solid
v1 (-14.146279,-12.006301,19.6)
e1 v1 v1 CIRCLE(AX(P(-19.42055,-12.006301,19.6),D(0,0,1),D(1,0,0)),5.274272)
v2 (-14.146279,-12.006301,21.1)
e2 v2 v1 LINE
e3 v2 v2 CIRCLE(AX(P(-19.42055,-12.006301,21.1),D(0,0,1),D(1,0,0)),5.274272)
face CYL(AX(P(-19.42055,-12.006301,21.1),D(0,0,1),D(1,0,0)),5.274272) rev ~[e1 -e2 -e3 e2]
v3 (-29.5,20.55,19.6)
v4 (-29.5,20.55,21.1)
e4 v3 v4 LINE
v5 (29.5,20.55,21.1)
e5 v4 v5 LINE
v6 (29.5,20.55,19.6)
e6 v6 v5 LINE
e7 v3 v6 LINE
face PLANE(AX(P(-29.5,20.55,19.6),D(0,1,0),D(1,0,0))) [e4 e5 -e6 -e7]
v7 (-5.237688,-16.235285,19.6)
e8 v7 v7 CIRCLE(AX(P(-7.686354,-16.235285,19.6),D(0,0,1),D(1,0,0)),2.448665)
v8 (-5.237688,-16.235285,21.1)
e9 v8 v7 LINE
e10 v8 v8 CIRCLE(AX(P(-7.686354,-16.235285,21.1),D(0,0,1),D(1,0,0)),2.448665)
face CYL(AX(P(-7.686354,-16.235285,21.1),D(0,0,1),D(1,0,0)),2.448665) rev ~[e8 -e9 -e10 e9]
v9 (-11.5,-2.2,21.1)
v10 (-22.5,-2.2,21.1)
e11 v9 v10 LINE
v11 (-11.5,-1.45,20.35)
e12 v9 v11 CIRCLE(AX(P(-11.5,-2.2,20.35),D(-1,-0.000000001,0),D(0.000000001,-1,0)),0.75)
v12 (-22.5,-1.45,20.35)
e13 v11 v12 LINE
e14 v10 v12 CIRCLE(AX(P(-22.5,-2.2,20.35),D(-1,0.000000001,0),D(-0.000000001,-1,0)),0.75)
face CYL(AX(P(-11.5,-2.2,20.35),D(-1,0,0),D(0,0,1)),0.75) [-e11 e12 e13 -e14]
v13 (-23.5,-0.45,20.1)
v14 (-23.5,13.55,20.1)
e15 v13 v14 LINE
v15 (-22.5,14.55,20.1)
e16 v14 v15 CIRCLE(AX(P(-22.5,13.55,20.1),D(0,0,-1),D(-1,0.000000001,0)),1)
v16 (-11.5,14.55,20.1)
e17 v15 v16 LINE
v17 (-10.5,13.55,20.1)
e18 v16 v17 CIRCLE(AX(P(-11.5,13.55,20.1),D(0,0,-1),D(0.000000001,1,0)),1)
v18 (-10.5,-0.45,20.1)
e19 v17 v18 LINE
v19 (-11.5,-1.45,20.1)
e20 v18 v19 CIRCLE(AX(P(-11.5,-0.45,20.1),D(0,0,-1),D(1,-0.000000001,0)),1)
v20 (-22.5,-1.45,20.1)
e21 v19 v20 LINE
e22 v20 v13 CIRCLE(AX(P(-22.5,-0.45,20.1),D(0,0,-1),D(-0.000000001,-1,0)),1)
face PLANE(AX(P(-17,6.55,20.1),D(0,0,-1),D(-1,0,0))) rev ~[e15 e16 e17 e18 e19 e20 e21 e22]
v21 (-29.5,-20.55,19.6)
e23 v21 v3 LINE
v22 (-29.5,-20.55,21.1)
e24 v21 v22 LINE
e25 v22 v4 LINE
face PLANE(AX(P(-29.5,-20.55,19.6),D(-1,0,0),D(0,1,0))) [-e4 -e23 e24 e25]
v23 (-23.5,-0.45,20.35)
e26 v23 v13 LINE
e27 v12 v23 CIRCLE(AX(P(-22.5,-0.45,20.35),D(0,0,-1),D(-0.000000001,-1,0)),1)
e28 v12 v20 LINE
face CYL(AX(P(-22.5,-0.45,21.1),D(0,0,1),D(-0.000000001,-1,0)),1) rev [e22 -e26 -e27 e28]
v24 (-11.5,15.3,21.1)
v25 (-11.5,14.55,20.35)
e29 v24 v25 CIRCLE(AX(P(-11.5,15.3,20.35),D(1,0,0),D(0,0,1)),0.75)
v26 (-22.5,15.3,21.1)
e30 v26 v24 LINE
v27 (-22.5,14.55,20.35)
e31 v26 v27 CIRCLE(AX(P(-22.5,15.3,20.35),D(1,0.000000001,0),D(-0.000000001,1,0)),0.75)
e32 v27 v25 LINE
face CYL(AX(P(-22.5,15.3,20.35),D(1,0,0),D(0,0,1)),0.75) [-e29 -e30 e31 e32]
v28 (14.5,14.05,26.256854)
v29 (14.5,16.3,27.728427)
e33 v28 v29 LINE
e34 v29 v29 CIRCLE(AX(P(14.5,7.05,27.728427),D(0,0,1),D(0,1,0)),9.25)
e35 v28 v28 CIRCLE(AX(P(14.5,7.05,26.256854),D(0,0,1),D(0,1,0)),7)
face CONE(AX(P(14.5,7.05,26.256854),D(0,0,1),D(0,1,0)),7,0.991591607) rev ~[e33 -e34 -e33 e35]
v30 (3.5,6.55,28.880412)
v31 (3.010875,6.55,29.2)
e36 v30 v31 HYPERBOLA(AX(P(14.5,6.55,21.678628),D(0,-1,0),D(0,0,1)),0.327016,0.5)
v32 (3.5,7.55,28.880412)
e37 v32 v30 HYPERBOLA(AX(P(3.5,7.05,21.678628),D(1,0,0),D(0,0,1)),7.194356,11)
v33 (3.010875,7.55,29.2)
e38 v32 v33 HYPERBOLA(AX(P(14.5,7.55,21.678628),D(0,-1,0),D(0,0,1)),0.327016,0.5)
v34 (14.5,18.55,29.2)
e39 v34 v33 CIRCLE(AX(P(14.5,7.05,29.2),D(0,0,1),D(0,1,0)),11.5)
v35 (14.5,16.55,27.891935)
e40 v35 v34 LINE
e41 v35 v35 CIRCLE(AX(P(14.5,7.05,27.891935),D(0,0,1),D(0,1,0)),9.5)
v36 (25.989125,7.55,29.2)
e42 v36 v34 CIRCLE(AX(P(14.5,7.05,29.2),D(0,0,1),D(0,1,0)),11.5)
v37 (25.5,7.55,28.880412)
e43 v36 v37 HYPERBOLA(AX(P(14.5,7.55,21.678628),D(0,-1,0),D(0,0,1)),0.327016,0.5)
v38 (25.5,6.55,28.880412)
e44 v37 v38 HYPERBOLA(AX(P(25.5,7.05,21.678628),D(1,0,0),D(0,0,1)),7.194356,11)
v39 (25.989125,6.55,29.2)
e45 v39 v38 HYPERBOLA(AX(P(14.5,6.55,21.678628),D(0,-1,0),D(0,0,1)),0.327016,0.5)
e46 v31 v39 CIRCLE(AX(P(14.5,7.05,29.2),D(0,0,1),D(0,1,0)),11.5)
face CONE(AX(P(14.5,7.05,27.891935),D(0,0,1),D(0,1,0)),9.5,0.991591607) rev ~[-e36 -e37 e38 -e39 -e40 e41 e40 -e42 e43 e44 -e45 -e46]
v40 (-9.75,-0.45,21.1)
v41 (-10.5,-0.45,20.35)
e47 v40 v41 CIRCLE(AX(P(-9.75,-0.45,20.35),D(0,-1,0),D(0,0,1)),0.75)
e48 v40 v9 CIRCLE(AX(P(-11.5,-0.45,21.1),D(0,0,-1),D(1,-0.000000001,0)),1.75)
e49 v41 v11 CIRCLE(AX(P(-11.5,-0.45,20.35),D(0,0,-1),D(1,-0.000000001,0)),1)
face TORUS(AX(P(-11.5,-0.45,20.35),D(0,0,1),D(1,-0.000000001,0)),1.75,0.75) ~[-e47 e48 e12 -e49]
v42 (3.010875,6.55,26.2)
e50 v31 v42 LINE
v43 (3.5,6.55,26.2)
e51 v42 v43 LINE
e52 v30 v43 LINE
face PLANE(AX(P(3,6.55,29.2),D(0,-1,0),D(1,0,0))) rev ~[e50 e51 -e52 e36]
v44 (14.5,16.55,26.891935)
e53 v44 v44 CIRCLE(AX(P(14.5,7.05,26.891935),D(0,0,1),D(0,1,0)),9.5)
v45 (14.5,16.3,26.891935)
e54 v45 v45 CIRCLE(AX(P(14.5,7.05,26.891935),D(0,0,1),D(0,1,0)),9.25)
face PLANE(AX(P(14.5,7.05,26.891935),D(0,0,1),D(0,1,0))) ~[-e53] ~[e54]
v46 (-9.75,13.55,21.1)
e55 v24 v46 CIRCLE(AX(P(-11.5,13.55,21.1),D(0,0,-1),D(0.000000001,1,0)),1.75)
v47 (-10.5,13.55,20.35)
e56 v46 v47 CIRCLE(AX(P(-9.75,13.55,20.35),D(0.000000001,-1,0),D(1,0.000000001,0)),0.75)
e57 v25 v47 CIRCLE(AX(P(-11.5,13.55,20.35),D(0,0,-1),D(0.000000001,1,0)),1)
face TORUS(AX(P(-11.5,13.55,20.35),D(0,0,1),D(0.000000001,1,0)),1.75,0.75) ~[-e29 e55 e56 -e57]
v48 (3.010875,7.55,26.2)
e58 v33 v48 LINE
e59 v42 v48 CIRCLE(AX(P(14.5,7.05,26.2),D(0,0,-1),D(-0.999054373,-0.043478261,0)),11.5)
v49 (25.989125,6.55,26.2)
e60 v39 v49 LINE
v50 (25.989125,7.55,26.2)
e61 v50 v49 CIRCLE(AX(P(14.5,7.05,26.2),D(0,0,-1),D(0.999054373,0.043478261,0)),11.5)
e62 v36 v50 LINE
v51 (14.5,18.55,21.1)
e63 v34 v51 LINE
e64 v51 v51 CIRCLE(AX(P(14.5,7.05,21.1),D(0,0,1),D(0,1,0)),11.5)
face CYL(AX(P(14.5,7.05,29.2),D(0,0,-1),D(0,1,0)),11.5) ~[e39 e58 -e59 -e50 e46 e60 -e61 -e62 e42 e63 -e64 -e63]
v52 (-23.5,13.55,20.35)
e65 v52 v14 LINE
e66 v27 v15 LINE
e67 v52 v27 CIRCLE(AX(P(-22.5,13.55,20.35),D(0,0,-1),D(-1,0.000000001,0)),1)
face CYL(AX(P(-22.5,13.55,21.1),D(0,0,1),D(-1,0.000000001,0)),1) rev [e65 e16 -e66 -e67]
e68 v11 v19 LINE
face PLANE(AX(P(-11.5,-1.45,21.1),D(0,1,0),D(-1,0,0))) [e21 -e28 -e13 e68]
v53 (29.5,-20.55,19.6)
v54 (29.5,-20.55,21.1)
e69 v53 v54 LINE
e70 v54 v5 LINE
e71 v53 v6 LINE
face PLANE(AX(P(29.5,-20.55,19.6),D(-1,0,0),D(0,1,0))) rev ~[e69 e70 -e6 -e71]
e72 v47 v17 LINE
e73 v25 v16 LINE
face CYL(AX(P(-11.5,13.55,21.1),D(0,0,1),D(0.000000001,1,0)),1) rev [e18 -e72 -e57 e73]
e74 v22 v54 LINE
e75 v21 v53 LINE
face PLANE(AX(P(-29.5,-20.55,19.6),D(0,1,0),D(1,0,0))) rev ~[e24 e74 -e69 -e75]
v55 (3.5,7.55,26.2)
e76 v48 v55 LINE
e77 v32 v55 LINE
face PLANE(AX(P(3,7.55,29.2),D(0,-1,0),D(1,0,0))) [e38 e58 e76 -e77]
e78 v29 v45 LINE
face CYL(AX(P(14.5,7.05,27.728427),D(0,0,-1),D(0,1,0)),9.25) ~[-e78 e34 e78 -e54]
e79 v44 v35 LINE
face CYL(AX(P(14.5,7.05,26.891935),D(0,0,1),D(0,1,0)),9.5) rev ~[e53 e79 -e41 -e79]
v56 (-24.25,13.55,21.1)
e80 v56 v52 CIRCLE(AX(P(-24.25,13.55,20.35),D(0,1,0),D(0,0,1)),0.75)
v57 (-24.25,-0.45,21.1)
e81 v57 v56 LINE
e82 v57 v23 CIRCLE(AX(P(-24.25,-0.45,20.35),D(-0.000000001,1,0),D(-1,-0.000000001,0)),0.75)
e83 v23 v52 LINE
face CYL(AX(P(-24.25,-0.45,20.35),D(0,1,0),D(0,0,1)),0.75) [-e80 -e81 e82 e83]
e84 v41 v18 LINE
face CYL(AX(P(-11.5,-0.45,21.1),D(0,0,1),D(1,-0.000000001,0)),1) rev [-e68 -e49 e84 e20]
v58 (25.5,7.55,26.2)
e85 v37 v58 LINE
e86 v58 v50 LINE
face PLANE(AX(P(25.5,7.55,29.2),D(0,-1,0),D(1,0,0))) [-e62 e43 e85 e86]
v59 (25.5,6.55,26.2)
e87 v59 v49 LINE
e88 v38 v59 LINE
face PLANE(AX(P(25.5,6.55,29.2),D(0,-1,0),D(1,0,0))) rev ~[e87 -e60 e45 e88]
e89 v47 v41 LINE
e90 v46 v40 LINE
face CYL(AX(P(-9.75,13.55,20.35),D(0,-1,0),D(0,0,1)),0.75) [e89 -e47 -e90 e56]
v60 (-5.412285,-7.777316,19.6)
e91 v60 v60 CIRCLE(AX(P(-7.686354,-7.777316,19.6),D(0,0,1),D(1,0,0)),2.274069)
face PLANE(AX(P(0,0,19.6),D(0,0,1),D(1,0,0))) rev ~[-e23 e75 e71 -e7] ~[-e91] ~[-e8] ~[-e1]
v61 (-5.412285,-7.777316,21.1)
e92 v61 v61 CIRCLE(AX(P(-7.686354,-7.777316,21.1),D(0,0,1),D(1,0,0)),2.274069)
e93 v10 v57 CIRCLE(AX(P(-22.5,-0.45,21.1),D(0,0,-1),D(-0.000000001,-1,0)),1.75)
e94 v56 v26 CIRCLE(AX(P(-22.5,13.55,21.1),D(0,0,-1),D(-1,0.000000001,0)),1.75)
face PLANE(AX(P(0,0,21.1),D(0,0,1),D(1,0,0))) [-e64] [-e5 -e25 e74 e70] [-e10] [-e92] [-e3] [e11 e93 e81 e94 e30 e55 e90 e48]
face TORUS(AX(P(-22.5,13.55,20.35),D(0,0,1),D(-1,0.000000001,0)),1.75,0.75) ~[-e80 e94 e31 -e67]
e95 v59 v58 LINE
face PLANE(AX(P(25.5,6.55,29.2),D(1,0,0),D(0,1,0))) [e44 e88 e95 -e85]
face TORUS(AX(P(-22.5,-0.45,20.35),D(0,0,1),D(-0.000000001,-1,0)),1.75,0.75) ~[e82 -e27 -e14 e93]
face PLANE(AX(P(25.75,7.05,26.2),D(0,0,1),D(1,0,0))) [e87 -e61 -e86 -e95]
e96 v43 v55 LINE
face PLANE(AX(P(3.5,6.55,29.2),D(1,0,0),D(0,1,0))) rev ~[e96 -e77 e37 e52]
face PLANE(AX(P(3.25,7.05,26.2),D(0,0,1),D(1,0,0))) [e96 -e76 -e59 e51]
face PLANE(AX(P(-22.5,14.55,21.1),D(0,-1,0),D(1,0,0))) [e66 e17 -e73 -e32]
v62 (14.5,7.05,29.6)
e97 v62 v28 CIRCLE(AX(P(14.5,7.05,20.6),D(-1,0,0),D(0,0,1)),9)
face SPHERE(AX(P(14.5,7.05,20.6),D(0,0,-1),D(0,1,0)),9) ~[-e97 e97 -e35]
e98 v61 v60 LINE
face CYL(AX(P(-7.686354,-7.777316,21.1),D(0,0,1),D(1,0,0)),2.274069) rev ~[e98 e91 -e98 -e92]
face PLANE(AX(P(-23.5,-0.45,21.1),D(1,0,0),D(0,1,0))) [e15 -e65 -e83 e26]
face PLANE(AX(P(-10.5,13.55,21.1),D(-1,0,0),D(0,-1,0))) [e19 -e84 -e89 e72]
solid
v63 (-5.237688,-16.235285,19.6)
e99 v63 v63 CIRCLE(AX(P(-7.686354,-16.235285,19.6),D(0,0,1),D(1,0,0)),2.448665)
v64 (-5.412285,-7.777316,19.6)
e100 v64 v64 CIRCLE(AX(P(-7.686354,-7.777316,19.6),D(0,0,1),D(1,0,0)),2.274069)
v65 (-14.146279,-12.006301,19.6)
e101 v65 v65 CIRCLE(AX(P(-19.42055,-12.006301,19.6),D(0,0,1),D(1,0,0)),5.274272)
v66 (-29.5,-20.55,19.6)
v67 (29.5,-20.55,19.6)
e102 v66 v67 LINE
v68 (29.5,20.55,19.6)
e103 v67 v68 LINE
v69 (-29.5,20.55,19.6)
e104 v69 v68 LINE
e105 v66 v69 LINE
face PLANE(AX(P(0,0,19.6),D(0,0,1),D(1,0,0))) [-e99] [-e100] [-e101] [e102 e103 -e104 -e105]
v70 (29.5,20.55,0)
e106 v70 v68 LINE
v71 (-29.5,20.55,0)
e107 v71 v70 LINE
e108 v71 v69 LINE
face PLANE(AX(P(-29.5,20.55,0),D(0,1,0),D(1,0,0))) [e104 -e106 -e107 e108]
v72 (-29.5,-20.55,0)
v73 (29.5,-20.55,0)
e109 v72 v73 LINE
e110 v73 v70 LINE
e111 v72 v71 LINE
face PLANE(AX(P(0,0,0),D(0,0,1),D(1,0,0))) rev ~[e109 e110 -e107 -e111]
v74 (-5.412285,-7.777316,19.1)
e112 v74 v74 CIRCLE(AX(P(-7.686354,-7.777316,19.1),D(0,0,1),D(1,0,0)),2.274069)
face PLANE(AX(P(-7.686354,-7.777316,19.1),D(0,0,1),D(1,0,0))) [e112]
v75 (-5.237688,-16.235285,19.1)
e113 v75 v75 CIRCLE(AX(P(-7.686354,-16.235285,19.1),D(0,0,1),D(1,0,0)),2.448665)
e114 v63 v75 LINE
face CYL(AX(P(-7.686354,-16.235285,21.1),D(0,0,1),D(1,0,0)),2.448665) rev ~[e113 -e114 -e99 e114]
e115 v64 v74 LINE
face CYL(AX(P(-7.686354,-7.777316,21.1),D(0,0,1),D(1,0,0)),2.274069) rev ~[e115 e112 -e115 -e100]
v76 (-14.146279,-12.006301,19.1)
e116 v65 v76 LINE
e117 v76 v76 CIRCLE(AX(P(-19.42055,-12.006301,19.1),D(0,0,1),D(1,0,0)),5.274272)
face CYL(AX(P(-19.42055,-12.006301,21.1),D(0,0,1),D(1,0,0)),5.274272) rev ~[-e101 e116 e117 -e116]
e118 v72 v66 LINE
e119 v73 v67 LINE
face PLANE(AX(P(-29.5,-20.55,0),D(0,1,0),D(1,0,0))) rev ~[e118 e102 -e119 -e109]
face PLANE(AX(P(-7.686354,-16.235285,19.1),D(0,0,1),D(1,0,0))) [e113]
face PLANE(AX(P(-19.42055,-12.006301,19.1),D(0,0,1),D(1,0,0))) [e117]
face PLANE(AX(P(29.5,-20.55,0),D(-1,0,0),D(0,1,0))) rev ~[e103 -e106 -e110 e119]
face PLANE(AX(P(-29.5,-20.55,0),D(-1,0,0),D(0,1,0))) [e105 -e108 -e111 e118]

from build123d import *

# Parameters (mm, degrees)
SKETCH1_W              = 59
SKETCH1_H              = 41.1
BOSS_EXTRUDE1_DEPTH    = 19.6
SKETCH2_W              = 59
SKETCH2_H              = 41.1
BOSS_EXTRUDE2_DEPTH    = 1.5
LENS_START             = 8.1
SKETCH5_W              = 0.5
SKETCH5_H              = 1
LENS_SIDE_CUTS_DEPTH   = 3
SCREEN_CUT_DEPTH       = 1
FILLET1_R              = 0.75
SKETCH7_R              = 5.274271813
SKETCH7_R_2            = 2.274069125
SKETCH7_R_3            = 2.44866529
BUTTON_CUTS_FACE_DEPTH = 2


with BuildPart() as part:
    # Sketch1 → Boss-Extrude1 (new body)
    with BuildSketch(Plane.XY):
        Rectangle(SKETCH1_W, SKETCH1_H)
    extrude(amount=BOSS_EXTRUDE1_DEPTH)


with BuildPart() as body_2:
    # Sketch2 → Boss-Extrude2 (new body)
    with BuildSketch(Plane.XY.offset(19.6)):
        Rectangle(SKETCH2_W, SKETCH2_H)
    extrude(amount=BOSS_EXTRUDE2_DEPTH)

    # Sketch4 → lens (revolve)
    with BuildSketch(Plane(origin=(14.5, 0, 0), x_dir=(0, 0, -1), z_dir=(1, 0, 0))):
        with BuildLine():
            Line((-21.1, 7.05), (-29.6, 7.05))
            ThreePointArc((-29.6, 7.05), (-28.721320344, 10.928679656), (-26.256854249, 14.05))
            Line((-26.256854249, 14.05), (-27.728427125, 16.3))
            Line((-27.728427125, 16.3), (-26.891935222, 16.3))
            Line((-26.891935222, 16.3), (-26.891935222, 16.55))
            Line((-26.891935222, 16.55), (-27.891935222, 16.55))
            Line((-27.891935222, 16.55), (-29.2, 18.55))
            Line((-29.2, 18.55), (-21.1, 18.55))
            Line((-21.1, 18.55), (-21.1, 7.05))
        make_face()
    revolve(axis=Axis((14.5, 7.05, 21.1), (0, 0, 1)))

    # Sketch5 → lens side cuts (cut)
    with BuildSketch(Plane.XY.offset(21.1).offset(LENS_START)):
        with Locations((25.75, 7.05)):
            Rectangle(SKETCH5_W, SKETCH5_H)
        with Locations((3.25, 7.05)):
            Rectangle(SKETCH5_W, SKETCH5_H)
    extrude(amount=-LENS_SIDE_CUTS_DEPTH, mode=Mode.SUBTRACT)

    # Sketch6 → Screen cut (cut)
    with BuildSketch(Plane.XY.offset(21.1)):
        with BuildLine():
            Line((-22.5, 14.55), (-11.5, 14.55))
            ThreePointArc((-11.5, 14.55), (-10.792893219, 14.257106781), (-10.5, 13.55))
            Line((-10.5, 13.55), (-10.5, -0.45))
            ThreePointArc((-10.5, -0.45), (-10.792893219, -1.157106781), (-11.5, -1.45))
            Line((-11.5, -1.45), (-22.5, -1.45))
            ThreePointArc((-22.5, -1.45), (-23.207106781, -1.157106781), (-23.5, -0.45))
            Line((-23.5, -0.45), (-23.5, 13.55))
            ThreePointArc((-23.5, 13.55), (-23.207106781, 14.257106781), (-22.5, 14.55))
        make_face()
    extrude(amount=-SCREEN_CUT_DEPTH, mode=Mode.SUBTRACT)

    # Fillet1
    fillet1_edges = [body_2.edges().sort_by_distance(p)[0] for p in [
        (-23.207106781, -1.157106781, 21.1),
        (-17, -1.45, 21.1),
        (-10.792893219, -1.157106781, 21.1),
        (-10.5, 6.55, 21.1),
        (-10.792893219, 14.257106781, 21.1),
        (-17, 14.55, 21.1),
        (-23.207106781, 14.257106781, 21.1),
        (-23.5, 6.55, 21.1),
    ]]
    fillet(fillet1_edges, radius=FILLET1_R)


with BuildPart() as button_cuts_face_tool:
    # Sketch7 → Button cuts - Face (new body)
    with BuildSketch(Plane.XY.offset(21.1)):
        with Locations((-19.420550326, -12.006300701)):
            Circle(SKETCH7_R)
        with Locations((-7.686353642, -7.777316407)):
            Circle(SKETCH7_R_2)
        with Locations((-7.686353642, -16.235284994)):
            Circle(SKETCH7_R_3)
    extrude(amount=-BUTTON_CUTS_FACE_DEPTH)


with BuildPart() as part_1:
    add(part.part)

    # Button cuts - Face: cut by button_cuts_face_tool
    add(button_cuts_face_tool.part, mode=Mode.SUBTRACT)


with BuildPart() as body_2_1:
    add(body_2.part)

    # Button cuts - Face: cut by button_cuts_face_tool
    add(button_cuts_face_tool.part, mode=Mode.SUBTRACT)


solid = Compound([part_1.part, body_2_1.part])
